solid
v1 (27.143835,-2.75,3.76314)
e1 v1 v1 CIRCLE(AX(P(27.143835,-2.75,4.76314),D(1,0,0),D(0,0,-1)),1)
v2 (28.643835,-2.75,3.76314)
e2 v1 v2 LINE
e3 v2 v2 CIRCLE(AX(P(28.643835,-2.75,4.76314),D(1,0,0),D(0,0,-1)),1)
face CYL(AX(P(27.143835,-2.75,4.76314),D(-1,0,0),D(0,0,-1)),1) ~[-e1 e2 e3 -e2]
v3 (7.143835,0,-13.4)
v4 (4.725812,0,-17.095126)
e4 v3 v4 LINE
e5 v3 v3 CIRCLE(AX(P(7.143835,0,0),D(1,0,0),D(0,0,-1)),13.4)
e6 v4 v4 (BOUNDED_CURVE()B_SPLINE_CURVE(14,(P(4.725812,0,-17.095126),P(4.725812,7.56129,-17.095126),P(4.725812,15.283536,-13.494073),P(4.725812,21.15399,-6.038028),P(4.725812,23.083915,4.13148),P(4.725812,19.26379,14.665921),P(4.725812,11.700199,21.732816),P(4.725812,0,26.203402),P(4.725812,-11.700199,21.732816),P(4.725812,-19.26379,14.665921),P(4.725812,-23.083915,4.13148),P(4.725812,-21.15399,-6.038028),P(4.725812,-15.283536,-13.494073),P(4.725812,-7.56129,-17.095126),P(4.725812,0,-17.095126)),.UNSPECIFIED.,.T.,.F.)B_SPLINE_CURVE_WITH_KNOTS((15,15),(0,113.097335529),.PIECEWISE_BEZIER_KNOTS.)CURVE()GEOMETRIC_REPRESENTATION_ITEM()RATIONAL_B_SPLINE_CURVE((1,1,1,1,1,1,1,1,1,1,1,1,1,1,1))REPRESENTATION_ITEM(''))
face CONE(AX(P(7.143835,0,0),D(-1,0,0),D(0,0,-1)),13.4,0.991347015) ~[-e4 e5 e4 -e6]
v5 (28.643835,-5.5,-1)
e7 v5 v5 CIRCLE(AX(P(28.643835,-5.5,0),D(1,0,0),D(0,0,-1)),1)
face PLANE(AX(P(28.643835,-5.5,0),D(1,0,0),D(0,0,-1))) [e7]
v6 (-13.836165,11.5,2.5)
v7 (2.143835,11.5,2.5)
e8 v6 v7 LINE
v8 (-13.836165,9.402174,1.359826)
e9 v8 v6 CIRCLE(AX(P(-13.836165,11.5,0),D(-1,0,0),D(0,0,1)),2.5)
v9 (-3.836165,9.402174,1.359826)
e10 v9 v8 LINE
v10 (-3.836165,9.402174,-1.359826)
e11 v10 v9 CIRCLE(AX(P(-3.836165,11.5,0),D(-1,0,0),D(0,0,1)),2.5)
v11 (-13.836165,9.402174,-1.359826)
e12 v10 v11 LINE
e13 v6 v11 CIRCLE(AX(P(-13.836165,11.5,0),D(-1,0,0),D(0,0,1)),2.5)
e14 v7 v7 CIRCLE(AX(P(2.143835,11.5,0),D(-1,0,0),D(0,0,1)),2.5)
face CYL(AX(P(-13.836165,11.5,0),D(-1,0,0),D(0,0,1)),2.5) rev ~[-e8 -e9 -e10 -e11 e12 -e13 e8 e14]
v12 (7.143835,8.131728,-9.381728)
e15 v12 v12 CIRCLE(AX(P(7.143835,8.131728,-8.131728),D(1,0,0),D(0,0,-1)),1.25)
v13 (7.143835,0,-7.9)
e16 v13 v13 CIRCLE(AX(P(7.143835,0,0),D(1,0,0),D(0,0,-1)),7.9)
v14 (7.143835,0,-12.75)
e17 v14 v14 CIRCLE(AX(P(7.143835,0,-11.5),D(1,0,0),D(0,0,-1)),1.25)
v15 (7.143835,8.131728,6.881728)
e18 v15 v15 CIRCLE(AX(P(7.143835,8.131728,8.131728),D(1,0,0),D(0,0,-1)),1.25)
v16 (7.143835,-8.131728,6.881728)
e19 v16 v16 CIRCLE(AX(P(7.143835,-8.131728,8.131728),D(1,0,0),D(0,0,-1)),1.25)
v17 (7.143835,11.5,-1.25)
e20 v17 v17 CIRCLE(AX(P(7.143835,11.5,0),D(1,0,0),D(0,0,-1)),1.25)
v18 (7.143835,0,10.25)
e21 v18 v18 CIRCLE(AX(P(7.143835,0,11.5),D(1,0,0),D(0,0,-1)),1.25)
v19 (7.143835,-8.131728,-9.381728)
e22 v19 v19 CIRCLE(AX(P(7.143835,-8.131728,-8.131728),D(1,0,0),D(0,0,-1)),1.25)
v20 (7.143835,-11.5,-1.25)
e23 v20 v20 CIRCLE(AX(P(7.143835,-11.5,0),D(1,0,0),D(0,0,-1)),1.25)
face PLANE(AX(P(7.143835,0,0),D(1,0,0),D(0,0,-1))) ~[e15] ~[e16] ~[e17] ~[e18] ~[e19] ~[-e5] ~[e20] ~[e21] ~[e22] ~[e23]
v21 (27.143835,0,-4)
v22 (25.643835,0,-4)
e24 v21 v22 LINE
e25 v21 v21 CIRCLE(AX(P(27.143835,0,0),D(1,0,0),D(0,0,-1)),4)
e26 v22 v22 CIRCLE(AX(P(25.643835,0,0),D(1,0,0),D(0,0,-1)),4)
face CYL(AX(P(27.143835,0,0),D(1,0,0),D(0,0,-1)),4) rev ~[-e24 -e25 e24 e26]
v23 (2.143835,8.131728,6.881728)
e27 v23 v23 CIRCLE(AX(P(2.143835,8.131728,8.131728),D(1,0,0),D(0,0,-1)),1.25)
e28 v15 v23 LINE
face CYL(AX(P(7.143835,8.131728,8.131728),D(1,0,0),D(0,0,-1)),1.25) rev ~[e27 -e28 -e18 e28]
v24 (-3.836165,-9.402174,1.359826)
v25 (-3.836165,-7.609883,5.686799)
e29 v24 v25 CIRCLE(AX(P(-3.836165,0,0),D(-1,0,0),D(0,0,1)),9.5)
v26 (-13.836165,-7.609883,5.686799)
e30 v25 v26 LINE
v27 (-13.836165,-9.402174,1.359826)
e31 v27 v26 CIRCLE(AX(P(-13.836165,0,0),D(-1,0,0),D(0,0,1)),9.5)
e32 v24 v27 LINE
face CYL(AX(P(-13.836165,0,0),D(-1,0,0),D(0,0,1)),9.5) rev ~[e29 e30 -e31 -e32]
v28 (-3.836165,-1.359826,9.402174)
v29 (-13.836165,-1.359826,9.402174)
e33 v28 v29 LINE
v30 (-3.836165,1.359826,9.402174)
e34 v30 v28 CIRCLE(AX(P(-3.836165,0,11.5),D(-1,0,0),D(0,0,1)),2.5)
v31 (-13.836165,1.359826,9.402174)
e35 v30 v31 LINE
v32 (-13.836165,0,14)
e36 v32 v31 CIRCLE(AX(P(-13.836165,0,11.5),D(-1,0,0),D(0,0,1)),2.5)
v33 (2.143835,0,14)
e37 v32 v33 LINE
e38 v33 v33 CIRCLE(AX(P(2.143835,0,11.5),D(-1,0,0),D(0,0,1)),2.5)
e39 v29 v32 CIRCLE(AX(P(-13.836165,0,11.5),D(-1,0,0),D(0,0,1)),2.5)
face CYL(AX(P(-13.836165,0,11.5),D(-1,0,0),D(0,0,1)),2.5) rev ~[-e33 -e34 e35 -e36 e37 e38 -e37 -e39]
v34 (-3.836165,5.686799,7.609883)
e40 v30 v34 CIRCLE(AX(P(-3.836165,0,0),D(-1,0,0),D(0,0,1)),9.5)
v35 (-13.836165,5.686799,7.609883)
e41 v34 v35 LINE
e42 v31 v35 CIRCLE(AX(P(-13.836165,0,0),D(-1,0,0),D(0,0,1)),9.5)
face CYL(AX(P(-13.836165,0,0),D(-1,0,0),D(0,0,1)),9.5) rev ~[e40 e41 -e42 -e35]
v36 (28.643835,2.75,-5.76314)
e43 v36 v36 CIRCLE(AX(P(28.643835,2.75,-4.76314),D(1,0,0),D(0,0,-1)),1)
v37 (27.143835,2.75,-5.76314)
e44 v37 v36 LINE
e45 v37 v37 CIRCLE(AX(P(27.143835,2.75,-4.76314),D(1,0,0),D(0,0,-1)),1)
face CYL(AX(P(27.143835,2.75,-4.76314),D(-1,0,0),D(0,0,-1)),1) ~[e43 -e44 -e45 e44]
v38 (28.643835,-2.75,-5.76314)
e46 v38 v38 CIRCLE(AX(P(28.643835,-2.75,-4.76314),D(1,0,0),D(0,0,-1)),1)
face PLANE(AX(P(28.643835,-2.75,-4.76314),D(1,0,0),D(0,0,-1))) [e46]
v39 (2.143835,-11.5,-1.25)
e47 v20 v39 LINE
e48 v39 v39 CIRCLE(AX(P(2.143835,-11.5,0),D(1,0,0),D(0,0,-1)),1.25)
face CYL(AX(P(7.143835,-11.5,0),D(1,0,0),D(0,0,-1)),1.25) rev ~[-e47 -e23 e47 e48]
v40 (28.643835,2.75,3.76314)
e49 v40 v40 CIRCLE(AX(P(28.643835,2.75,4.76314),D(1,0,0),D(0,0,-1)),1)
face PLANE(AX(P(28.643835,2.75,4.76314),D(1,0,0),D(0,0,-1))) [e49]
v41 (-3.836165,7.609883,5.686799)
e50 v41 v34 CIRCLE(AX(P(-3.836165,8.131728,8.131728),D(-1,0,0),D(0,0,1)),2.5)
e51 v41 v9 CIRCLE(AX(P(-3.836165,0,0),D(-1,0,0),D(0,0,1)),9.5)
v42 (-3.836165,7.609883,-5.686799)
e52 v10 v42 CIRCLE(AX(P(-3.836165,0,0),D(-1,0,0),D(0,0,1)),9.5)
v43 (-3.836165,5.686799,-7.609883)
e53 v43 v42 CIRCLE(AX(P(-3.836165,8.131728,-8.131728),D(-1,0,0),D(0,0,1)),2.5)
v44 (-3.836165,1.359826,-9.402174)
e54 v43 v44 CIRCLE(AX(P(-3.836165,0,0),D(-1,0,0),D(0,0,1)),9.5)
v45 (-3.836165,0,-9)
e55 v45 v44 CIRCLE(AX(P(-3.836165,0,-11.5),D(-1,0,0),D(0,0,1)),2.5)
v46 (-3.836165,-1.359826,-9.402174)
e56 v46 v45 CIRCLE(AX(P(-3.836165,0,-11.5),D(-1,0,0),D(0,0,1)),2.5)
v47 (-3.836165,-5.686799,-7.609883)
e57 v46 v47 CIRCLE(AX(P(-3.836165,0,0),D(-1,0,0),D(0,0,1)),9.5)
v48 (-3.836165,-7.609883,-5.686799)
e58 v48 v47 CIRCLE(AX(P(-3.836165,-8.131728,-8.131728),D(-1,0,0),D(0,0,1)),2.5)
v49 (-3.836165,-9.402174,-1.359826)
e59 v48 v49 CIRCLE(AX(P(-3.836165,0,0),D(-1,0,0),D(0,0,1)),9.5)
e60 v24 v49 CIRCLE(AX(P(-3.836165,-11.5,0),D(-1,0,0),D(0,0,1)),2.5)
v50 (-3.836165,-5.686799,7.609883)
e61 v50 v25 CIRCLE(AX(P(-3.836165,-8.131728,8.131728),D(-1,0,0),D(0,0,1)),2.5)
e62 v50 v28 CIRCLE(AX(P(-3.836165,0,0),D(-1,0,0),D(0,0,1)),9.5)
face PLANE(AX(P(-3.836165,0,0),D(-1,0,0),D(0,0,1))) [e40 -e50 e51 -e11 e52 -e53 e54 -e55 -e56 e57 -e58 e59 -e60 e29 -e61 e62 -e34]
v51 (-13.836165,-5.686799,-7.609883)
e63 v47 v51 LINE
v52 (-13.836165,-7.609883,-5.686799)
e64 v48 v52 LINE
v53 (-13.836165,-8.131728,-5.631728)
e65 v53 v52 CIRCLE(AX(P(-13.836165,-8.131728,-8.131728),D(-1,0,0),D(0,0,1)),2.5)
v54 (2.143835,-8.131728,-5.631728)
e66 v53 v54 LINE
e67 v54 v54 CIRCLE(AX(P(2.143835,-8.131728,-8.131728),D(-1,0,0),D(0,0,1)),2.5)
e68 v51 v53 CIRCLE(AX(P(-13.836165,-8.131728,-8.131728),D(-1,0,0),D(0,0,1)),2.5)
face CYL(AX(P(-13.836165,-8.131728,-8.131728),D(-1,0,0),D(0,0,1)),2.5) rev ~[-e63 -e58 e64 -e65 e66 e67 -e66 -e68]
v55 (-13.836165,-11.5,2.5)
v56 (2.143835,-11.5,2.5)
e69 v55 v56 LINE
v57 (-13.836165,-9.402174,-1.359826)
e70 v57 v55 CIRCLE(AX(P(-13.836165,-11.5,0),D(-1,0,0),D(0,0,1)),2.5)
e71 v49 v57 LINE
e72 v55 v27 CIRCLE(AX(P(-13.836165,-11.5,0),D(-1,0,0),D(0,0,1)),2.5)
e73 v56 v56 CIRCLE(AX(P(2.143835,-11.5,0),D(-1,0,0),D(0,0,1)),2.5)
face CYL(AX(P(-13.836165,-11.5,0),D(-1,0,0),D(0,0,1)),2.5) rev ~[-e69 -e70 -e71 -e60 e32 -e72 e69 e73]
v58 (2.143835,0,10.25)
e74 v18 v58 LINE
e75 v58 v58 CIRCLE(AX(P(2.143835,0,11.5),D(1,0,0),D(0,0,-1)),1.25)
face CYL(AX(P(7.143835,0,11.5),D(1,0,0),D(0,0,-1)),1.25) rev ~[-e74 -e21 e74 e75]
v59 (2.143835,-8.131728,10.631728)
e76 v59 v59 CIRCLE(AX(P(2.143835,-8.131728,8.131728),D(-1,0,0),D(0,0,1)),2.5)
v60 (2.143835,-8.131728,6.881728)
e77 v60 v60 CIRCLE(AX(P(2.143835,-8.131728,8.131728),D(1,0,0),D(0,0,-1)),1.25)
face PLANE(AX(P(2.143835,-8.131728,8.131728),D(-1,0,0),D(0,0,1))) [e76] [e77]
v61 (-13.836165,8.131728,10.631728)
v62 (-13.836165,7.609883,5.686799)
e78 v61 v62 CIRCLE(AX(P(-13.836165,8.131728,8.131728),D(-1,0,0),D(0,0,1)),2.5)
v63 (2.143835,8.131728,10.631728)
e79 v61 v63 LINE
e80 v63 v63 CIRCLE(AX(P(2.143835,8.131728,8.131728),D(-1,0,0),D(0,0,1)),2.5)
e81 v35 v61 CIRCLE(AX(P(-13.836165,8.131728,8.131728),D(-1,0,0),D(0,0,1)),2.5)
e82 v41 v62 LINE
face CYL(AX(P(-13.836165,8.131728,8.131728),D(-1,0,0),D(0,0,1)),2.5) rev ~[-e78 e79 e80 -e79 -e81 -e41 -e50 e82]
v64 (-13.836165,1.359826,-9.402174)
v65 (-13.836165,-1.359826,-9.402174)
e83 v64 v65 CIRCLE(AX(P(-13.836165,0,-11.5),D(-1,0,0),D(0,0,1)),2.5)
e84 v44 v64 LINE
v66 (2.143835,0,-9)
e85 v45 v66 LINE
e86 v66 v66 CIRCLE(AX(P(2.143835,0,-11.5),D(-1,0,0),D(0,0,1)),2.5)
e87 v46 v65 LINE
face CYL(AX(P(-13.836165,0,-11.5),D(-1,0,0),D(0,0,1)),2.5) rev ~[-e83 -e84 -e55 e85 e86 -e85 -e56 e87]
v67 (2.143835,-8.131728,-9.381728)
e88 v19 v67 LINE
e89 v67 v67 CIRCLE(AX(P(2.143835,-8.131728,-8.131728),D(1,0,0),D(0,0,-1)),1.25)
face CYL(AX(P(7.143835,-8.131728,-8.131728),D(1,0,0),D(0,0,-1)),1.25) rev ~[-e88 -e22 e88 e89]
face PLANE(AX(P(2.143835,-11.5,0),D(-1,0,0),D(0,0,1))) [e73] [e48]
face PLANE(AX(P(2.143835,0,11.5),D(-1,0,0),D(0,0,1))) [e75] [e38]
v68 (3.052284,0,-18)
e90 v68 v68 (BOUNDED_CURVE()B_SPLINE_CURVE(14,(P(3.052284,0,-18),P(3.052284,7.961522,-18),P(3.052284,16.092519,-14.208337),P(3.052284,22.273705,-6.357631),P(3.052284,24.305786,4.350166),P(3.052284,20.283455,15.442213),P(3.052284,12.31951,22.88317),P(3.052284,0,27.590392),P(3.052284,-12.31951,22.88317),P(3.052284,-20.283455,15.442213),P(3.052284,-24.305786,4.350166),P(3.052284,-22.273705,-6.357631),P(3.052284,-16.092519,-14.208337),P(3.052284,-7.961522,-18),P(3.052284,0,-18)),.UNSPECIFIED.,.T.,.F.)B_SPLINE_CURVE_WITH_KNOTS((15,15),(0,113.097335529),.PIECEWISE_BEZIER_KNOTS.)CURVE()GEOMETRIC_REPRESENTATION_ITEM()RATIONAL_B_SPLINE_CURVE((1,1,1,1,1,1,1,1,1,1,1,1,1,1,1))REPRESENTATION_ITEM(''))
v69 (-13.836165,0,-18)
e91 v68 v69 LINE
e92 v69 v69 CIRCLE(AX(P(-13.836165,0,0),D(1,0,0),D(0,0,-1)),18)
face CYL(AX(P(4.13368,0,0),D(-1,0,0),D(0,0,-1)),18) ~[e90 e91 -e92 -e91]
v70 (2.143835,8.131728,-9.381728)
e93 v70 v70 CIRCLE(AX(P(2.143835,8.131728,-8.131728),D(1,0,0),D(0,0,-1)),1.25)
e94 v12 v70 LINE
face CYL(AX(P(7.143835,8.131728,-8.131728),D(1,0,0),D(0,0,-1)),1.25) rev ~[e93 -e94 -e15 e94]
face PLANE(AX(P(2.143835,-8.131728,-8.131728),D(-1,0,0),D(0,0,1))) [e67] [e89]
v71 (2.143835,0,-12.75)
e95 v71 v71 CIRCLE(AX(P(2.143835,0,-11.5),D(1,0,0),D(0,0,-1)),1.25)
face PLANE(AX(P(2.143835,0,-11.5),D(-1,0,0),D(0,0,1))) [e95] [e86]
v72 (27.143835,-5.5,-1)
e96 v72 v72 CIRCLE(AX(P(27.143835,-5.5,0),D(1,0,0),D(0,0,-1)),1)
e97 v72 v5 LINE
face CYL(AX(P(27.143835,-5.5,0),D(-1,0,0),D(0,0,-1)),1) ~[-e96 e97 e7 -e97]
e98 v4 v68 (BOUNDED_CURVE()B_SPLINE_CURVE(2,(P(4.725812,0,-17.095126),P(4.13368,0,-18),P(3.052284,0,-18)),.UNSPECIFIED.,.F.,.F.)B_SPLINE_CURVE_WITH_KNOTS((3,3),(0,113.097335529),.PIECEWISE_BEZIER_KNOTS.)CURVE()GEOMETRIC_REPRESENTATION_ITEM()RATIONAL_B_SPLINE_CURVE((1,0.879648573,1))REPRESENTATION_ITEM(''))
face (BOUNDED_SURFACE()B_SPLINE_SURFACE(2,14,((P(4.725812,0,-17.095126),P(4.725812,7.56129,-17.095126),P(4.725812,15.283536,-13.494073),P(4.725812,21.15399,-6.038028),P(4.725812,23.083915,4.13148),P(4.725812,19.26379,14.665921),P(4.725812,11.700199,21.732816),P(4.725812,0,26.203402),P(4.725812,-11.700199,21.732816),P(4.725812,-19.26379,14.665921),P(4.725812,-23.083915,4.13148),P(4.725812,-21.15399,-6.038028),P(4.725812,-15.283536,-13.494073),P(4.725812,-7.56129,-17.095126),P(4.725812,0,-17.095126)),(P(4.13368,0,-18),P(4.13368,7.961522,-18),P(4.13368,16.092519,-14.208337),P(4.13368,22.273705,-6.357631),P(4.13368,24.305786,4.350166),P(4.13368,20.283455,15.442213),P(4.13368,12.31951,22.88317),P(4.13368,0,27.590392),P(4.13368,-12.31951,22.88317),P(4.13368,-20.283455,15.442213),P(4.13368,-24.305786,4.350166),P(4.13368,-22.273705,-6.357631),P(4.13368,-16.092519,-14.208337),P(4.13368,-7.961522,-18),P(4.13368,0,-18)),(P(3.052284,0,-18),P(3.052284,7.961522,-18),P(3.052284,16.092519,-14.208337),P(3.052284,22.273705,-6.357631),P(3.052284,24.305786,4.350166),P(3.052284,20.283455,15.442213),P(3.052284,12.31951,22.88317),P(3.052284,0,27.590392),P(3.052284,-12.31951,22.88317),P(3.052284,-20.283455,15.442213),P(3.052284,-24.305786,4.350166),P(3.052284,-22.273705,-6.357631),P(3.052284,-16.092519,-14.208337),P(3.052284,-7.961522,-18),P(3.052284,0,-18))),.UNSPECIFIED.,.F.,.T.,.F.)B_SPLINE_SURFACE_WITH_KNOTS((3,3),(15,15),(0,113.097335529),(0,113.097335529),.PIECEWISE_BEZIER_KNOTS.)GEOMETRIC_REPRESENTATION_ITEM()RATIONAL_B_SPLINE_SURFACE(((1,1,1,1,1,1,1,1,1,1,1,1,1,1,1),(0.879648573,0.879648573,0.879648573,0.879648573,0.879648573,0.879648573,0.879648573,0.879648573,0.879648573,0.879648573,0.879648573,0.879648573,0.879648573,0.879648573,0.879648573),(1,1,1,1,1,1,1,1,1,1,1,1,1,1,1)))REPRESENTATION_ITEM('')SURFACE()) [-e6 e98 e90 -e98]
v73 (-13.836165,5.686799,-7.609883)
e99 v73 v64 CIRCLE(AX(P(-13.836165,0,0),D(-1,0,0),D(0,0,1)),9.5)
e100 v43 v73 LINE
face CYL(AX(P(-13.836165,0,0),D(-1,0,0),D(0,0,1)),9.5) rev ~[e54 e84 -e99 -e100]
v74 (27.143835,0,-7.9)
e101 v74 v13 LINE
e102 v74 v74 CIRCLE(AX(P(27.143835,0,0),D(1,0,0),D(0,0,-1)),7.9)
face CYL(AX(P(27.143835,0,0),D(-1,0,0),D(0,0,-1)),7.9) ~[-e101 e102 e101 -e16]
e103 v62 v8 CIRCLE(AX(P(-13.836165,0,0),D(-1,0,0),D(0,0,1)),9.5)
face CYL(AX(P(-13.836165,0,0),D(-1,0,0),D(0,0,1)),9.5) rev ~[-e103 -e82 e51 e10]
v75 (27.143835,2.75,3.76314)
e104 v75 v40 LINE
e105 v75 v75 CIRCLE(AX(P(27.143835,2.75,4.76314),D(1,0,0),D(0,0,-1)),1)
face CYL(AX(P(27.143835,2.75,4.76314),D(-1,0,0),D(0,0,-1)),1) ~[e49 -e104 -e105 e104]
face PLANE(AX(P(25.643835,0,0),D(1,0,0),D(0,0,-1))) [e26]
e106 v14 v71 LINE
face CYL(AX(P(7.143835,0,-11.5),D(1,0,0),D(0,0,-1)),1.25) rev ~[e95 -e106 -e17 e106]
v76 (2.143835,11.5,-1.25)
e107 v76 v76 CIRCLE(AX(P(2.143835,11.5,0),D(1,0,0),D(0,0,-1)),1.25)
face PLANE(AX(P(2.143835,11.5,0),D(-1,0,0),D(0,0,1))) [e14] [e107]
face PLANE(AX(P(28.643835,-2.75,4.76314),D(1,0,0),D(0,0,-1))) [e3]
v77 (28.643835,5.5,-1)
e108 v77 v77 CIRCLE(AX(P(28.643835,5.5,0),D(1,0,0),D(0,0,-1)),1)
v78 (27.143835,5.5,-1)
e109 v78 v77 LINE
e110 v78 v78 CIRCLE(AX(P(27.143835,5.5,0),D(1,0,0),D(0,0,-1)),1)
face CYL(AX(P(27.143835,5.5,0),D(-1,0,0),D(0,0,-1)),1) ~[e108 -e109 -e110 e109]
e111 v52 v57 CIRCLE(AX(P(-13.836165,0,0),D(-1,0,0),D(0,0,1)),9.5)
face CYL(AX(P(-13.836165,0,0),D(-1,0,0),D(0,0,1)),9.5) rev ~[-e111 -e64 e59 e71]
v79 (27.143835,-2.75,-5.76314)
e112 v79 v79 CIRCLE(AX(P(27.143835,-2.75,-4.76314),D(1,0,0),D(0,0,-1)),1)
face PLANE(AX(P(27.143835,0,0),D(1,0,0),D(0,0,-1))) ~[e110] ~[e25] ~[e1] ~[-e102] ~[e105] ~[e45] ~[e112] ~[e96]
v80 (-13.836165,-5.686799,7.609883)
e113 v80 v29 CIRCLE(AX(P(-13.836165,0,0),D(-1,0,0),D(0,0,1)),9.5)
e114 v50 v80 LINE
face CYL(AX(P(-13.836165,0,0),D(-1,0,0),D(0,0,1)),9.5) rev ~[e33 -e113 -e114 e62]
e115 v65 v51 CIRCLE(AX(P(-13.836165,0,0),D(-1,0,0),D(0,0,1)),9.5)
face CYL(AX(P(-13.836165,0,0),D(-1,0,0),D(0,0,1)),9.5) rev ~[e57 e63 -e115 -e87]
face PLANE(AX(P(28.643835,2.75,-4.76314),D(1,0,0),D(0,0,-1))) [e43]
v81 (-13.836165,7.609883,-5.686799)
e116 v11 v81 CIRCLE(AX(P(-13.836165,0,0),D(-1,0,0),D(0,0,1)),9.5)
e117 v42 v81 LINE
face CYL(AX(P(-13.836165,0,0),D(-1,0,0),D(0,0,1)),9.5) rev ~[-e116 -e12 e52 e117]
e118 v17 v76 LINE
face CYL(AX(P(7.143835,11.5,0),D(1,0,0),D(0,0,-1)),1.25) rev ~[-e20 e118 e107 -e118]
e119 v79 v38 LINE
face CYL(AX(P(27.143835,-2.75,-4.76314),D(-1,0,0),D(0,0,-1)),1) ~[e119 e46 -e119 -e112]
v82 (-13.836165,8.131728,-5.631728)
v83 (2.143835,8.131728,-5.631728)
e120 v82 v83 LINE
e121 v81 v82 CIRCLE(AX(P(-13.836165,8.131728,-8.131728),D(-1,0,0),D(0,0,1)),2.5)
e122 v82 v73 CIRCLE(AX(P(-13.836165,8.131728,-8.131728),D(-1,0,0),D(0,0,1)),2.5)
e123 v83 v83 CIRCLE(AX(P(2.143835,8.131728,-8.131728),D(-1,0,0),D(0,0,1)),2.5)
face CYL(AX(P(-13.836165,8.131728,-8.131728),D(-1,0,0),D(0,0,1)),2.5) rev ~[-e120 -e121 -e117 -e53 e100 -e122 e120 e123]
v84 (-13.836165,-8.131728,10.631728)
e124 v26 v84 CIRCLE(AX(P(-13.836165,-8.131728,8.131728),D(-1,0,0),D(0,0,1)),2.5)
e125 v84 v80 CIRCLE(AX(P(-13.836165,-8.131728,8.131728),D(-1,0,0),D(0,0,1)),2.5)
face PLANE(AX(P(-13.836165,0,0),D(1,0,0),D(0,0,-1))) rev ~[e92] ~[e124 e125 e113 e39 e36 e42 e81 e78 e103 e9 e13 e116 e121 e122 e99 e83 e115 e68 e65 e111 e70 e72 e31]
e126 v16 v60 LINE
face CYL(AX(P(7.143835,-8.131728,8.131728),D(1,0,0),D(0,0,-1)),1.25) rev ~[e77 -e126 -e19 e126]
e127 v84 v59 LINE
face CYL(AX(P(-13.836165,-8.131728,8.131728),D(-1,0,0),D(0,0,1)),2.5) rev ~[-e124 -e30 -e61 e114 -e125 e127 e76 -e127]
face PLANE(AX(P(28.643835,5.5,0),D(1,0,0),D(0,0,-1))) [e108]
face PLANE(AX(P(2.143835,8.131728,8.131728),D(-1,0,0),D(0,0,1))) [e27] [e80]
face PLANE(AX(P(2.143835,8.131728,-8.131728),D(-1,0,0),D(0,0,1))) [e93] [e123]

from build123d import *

# Parameters (mm, degrees)
SKETCH2_R           = 1.25
CUT_EXTRUDE1_DEPTH  = 21.98
SKETCH3_R           = 2.5
CUT_EXTRUDE2_DEPTH  = 15.98
SKETCH4_R           = 9.5
CUT_EXTRUDE3_DEPTH  = 10
FILLET2_R           = 2
SKETCH6_R           = 4
CUT_EXTRUDE5_DEPTH  = 1.5
SKETCH7_R           = 1
BOSS_EXTRUDE1_DEPTH = 1.5


with BuildPart() as part:
    # Sketch1 → Revolve1 (revolve)
    with BuildSketch(Plane(origin=(0, 0, 0), x_dir=(1, 0, 0), z_dir=(0, 1, 0))):
        Polygon((7.143835403, 7.9), (7.143835403, 13.4), (4.13367975, 18), (-13.836164597, 18), (-13.836164597, 0), (7.143835403, 0), (27.143835403, 0), (27.143835403, 7.9), align=None)
    revolve(axis=Axis((-26.115988439, 0, 0), (1, 0, 0)))

    # Sketch2 → Cut-Extrude1 (cut, through all)
    with BuildSketch(Plane(origin=(7.143835403, 0, 0), x_dir=(0, 0, -1), z_dir=(1, 0, 0))):
        with Locations((0, 11.5)):
            Circle(SKETCH2_R)
        with Locations((8.131727984, 8.131727984)):
            Circle(SKETCH2_R)
        with Locations((11.5, 0)):
            Circle(SKETCH2_R)
        with Locations((8.131727984, -8.131727984)):
            Circle(SKETCH2_R)
        with Locations((0, -11.5)):
            Circle(SKETCH2_R)
        with Locations((-8.131727984, -8.131727984)):
            Circle(SKETCH2_R)
        with Locations((-11.5, 0)):
            Circle(SKETCH2_R)
        with Locations((-8.131727984, 8.131727984)):
            Circle(SKETCH2_R)
    extrude(amount=-CUT_EXTRUDE1_DEPTH, mode=Mode.SUBTRACT)

    # Sketch3 → Cut-Extrude2 (cut)
    with BuildSketch(Plane.ZY.offset(13.836164597)):
        with Locations((0, 11.5)):
            Circle(SKETCH3_R)
        with Locations((8.131727984, 8.131727984)):
            Circle(SKETCH3_R)
        with Locations((11.5, 0)):
            Circle(SKETCH3_R)
        with Locations((8.131727984, -8.131727984)):
            Circle(SKETCH3_R)
        with Locations((0, -11.5)):
            Circle(SKETCH3_R)
        with Locations((-8.131727984, -8.131727984)):
            Circle(SKETCH3_R)
        with Locations((-11.5, 0)):
            Circle(SKETCH3_R)
        with Locations((-8.131727984, 8.131727984)):
            Circle(SKETCH3_R)
    extrude(amount=-CUT_EXTRUDE2_DEPTH, mode=Mode.SUBTRACT)

    # Sketch4 → Cut-Extrude3 (cut)
    with BuildSketch(Plane.ZY.offset(13.836164597)):
        Circle(SKETCH4_R)
    extrude(amount=-CUT_EXTRUDE3_DEPTH, mode=Mode.SUBTRACT)

    # Fillet2
    fillet2_edges = [part.edges().sort_by_distance(p)[0] for p in [
        (4.13367975, 0, 18),
    ]]
    fillet(fillet2_edges, radius=FILLET2_R)

    # Sketch6 → Cut-Extrude5 (cut)
    with BuildSketch(Plane(origin=(27.143835403, 0, 0), x_dir=(0, 0, -1), z_dir=(1, 0, 0))):
        Circle(SKETCH6_R)
    extrude(amount=-CUT_EXTRUDE5_DEPTH, mode=Mode.SUBTRACT)

    # Sketch7 → Boss-Extrude1 (add)
    with BuildSketch(Plane(origin=(27.143835403, 0, 0), x_dir=(0, 0, -1), z_dir=(1, 0, 0))):
        with Locations((0, 5.5)):
            Circle(SKETCH7_R)
        with Locations((4.763139721, 2.75)):
            Circle(SKETCH7_R)
        with Locations((4.763139721, -2.75)):
            Circle(SKETCH7_R)
        with Locations((0, -5.5)):
            Circle(SKETCH7_R)
        with Locations((-4.763139721, -2.75)):
            Circle(SKETCH7_R)
        with Locations((-4.763139721, 2.75)):
            Circle(SKETCH7_R)
    extrude(amount=BOSS_EXTRUDE1_DEPTH)


solid = part.part
